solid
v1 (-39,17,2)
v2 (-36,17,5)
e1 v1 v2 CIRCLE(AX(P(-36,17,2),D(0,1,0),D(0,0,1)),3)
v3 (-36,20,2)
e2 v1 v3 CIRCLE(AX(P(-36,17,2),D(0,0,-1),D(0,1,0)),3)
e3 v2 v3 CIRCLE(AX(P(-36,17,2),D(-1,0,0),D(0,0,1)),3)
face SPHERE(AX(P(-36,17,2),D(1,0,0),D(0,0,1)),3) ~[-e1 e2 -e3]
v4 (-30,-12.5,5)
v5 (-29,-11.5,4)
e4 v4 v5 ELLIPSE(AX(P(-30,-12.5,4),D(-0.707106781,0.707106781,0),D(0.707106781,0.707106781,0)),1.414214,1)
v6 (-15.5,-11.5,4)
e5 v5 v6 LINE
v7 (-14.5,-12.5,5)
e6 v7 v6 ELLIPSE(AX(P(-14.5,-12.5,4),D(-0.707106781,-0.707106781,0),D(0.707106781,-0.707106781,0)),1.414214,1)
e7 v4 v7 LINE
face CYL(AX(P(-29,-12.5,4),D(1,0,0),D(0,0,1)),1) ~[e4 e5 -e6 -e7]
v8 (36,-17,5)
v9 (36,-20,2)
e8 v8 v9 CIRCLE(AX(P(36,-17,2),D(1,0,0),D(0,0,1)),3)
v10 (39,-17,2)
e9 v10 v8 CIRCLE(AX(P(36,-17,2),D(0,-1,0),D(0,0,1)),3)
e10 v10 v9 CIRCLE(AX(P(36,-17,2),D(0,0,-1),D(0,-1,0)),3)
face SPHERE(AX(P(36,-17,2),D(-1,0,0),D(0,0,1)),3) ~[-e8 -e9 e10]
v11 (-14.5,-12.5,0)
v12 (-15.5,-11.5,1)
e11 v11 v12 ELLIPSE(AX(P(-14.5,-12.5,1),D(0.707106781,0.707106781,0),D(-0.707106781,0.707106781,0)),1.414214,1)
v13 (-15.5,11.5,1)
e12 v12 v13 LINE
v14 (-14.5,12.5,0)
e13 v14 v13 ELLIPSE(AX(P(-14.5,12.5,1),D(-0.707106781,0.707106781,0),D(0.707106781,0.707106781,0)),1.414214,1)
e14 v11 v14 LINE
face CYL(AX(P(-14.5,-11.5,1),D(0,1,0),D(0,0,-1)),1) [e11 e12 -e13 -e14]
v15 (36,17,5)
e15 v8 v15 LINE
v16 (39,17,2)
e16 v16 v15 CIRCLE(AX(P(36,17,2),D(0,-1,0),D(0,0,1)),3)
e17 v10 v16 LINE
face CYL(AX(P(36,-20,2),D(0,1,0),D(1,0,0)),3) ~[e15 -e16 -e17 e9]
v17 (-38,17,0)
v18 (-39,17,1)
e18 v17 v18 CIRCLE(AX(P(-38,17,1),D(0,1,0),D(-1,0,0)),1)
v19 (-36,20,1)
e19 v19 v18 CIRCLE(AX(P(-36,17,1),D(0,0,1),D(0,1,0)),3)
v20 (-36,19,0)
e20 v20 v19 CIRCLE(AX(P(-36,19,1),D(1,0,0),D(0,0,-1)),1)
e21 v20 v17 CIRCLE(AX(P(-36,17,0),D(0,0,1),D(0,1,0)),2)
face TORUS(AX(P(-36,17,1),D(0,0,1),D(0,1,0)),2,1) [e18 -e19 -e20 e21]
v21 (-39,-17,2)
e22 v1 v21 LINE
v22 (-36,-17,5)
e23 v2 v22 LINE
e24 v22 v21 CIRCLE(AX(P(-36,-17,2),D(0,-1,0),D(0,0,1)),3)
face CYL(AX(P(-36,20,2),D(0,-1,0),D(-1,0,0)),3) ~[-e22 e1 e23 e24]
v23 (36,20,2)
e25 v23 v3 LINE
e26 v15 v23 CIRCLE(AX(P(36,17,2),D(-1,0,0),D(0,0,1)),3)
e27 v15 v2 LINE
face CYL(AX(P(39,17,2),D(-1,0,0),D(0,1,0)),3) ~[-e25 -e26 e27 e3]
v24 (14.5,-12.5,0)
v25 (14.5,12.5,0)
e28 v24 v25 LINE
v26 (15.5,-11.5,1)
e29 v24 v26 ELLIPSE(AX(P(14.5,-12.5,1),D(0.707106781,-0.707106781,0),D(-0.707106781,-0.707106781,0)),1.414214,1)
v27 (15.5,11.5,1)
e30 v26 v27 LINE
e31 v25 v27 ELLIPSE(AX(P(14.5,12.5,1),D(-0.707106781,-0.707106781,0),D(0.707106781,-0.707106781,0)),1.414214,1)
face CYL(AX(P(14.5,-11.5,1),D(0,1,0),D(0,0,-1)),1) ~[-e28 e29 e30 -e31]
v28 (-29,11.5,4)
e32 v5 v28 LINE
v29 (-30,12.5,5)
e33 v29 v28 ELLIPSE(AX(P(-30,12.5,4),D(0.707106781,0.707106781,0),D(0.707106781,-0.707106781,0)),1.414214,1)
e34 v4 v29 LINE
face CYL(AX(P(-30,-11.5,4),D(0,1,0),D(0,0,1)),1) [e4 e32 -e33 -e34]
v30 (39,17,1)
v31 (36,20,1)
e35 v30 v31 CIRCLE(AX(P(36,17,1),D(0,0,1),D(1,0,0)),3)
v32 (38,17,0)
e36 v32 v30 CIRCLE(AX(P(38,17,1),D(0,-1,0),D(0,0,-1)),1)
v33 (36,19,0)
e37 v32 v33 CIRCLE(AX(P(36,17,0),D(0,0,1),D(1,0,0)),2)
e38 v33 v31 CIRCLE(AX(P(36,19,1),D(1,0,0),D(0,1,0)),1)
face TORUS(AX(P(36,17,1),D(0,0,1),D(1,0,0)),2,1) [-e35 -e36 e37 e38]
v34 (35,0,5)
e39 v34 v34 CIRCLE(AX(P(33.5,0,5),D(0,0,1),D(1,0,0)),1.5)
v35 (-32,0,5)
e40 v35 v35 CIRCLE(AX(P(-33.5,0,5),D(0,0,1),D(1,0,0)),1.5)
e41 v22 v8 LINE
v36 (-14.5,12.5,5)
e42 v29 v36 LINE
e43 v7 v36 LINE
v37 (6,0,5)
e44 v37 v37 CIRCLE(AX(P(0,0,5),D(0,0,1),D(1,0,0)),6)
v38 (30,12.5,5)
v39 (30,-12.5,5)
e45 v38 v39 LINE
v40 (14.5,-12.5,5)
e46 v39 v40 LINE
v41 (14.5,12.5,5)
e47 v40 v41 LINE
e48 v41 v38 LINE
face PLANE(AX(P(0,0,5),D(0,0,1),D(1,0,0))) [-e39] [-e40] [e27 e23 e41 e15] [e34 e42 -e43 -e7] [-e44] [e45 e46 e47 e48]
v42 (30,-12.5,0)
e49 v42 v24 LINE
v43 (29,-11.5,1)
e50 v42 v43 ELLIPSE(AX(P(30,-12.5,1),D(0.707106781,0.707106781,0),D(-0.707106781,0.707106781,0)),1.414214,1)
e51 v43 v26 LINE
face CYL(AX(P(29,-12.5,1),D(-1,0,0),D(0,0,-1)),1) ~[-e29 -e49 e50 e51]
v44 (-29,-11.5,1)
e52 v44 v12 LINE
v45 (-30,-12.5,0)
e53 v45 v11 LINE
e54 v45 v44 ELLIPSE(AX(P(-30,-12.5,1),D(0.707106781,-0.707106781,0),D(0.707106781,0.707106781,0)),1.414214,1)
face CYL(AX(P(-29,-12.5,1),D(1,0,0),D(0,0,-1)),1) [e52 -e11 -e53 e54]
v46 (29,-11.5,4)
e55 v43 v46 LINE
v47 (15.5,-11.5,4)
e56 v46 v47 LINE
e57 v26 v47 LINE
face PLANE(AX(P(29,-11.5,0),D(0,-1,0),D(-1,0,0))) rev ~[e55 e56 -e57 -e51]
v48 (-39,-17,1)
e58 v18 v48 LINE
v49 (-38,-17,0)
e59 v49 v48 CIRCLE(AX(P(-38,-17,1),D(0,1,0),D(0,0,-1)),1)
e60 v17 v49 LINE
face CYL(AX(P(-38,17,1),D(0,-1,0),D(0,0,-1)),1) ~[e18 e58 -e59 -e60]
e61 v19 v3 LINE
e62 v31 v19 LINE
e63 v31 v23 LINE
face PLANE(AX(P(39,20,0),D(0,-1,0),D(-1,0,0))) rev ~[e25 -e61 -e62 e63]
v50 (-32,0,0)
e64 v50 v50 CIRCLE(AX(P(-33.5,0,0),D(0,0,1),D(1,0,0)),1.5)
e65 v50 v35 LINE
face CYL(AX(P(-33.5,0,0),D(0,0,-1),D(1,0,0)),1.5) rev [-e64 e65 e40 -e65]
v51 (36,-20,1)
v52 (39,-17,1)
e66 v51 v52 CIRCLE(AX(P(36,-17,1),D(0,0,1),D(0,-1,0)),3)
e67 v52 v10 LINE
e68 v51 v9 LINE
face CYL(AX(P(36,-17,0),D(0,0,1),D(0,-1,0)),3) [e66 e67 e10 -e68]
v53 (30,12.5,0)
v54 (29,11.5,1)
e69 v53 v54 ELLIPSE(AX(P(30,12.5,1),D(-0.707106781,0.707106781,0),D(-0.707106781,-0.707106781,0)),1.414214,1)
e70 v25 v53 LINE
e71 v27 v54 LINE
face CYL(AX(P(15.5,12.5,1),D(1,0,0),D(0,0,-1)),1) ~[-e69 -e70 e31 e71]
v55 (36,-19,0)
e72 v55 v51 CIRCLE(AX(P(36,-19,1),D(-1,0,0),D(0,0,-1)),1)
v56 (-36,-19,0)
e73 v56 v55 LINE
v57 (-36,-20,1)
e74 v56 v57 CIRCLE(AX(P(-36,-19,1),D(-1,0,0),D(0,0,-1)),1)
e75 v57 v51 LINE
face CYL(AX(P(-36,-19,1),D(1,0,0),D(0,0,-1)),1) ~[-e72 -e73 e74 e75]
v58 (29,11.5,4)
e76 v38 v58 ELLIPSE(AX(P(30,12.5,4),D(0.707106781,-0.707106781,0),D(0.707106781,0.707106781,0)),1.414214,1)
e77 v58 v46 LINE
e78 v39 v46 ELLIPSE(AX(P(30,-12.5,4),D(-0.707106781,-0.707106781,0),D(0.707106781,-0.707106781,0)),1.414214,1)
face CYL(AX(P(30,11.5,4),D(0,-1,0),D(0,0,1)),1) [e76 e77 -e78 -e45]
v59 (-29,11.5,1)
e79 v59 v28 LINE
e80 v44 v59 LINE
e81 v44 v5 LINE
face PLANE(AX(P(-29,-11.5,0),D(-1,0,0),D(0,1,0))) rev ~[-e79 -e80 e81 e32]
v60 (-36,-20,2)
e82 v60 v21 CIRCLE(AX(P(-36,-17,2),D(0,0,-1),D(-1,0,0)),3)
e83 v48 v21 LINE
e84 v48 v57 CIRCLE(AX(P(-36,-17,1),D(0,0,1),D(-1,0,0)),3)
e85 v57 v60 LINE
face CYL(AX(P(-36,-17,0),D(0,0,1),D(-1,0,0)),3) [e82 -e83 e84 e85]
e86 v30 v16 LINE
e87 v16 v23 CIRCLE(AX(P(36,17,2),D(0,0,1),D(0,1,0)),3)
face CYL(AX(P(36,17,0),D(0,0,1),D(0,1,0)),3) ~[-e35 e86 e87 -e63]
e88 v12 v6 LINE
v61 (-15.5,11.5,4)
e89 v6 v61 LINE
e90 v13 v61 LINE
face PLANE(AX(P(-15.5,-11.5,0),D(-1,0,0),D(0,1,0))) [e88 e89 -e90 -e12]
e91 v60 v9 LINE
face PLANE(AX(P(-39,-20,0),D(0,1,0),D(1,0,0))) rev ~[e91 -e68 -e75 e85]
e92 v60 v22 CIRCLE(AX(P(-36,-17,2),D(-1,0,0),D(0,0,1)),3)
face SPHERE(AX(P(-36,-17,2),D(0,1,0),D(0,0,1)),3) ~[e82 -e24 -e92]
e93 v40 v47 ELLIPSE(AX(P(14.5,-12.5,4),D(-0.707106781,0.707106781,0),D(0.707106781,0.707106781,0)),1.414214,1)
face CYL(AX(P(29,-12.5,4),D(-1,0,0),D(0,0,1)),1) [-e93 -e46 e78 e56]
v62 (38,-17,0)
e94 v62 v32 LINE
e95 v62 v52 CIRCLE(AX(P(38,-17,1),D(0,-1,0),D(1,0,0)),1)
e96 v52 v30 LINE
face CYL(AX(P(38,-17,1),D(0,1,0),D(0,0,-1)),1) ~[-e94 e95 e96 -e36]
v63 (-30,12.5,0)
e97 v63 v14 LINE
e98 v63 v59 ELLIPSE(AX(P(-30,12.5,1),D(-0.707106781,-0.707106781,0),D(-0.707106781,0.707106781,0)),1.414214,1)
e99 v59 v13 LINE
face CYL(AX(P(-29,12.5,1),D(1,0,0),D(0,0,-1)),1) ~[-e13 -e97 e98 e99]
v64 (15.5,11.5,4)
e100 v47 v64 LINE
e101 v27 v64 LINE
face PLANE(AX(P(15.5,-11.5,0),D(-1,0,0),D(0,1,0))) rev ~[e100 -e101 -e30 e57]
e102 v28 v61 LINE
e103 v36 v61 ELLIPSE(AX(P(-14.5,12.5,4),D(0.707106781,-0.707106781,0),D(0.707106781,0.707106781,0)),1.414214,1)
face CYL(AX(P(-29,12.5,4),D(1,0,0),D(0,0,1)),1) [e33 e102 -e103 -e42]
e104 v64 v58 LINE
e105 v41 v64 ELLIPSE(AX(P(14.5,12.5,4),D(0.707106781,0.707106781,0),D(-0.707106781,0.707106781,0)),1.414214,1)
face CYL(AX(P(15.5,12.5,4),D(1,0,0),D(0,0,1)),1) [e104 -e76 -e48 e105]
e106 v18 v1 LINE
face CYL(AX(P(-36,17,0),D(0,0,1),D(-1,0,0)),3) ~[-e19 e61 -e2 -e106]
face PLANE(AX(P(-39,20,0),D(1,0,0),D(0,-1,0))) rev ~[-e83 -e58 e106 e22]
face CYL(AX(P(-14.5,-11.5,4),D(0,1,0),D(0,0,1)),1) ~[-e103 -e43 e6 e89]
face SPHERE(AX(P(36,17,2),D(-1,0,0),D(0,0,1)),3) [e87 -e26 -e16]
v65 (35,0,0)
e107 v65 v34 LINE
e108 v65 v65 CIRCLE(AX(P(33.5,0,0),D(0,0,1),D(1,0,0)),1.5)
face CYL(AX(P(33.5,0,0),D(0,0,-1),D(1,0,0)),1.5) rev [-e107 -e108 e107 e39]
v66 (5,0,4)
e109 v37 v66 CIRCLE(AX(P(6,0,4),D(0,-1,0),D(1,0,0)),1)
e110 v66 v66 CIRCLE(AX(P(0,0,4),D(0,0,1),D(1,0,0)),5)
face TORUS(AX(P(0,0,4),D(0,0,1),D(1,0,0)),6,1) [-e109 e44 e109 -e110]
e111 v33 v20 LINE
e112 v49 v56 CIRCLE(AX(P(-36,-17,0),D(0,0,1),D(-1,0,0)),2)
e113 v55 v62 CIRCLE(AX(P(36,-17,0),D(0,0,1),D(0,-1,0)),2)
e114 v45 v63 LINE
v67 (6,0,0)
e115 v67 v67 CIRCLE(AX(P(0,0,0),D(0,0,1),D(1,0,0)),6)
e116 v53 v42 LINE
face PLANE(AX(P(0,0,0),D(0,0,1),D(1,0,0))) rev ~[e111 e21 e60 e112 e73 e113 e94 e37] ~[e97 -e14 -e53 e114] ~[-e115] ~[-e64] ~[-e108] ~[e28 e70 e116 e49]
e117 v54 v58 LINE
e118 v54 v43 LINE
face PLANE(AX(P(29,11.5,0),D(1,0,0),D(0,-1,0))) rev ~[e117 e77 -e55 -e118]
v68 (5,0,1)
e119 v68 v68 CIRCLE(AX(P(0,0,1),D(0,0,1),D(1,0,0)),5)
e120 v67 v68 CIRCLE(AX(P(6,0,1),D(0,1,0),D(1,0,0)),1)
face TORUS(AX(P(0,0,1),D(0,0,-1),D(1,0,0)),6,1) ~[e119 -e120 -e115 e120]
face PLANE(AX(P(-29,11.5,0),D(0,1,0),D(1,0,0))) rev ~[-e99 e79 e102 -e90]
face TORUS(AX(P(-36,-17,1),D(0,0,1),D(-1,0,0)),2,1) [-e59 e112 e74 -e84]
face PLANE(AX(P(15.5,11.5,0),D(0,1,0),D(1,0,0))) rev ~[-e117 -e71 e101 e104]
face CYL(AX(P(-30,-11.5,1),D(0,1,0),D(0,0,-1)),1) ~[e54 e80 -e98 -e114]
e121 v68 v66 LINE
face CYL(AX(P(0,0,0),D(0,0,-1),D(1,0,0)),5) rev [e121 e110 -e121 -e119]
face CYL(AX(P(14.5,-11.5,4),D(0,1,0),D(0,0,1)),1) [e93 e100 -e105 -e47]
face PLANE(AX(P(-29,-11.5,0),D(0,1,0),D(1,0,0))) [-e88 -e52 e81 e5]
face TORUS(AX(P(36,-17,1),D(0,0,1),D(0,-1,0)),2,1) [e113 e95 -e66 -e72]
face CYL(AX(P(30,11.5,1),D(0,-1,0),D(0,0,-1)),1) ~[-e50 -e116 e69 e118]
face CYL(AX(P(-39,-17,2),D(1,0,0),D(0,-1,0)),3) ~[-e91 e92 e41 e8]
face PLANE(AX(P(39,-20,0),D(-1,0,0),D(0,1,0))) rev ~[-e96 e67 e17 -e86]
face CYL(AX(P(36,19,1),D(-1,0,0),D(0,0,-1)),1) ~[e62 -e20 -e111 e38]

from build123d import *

# Parameters (mm, degrees)
F0_R     = 1.5
F0_W     = 13.5
F0_H     = 23
F0_R_2   = 5
F1_DEPTH = 5
F2_R     = 3
F3_R     = 1
F4_R     = 1


with BuildPart() as f1:
    # F0 (on Top) → F1 (new body)
    with BuildSketch(Plane.XY):
        Polygon((0, 20), (-39, 20), (-39, -20), (39, -20), (39, 0), (39, 20), align=None)
        with Locations((-33.5, 0)):
            Circle(F0_R, mode=Mode.SUBTRACT)
        with Locations((-22.25, 0)):
            Rectangle(F0_W, F0_H, mode=Mode.SUBTRACT)
        Circle(F0_R_2, mode=Mode.SUBTRACT)
        Polygon((15.5, 11.5), (29, 11.5), (29, 0), (29, -11.5), (15.5, -11.5), align=None, mode=Mode.SUBTRACT)
        with Locations((33.5, 0)):
            Circle(F0_R, mode=Mode.SUBTRACT)
    extrude(amount=F1_DEPTH)

    # F2
    f2_edges = [f1.edges().sort_by_distance(p)[0] for p in [
        (0, 20, 5),
        (-39, 0, 5),
        (0, -20, 5),
        (39, 0, 5),
        (-39, -20, 2.5),
        (-39, 20, 2.5),
        (39, 20, 2.5),
        (39, -20, 2.5),
    ]]
    fillet(f2_edges, radius=F2_R)

    # F3
    f3_edges = [f1.edges().sort_by_distance(p)[0] for p in [
        (0, -20, 0),
    ]]
    fillet(f3_edges, radius=F3_R)

    # F4
    f4_edges = [f1.edges().sort_by_distance(p)[0] for p in [
        (-22.25, -11.5, 5),
        (-15.5, 0, 5),
        (-22.25, 11.5, 5),
        (-29, 0, 5),
        (15.5, 0, 5),
        (22.25, 11.5, 5),
        (29, 0, 5),
        (22.25, -11.5, 5),
        (-29, 0, 0),
        (-15.5, 0, 0),
        (-22.25, 11.5, 0),
        (-22.25, -11.5, 0),
        (22.25, -11.5, 0),
        (29, 0, 0),
        (22.25, 11.5, 0),
        (15.5, 0, 0),
        (-5, 0, 5),
        (-5, 0, 0),
    ]]
    fillet(f4_edges, radius=F4_R)


solid = f1.part
